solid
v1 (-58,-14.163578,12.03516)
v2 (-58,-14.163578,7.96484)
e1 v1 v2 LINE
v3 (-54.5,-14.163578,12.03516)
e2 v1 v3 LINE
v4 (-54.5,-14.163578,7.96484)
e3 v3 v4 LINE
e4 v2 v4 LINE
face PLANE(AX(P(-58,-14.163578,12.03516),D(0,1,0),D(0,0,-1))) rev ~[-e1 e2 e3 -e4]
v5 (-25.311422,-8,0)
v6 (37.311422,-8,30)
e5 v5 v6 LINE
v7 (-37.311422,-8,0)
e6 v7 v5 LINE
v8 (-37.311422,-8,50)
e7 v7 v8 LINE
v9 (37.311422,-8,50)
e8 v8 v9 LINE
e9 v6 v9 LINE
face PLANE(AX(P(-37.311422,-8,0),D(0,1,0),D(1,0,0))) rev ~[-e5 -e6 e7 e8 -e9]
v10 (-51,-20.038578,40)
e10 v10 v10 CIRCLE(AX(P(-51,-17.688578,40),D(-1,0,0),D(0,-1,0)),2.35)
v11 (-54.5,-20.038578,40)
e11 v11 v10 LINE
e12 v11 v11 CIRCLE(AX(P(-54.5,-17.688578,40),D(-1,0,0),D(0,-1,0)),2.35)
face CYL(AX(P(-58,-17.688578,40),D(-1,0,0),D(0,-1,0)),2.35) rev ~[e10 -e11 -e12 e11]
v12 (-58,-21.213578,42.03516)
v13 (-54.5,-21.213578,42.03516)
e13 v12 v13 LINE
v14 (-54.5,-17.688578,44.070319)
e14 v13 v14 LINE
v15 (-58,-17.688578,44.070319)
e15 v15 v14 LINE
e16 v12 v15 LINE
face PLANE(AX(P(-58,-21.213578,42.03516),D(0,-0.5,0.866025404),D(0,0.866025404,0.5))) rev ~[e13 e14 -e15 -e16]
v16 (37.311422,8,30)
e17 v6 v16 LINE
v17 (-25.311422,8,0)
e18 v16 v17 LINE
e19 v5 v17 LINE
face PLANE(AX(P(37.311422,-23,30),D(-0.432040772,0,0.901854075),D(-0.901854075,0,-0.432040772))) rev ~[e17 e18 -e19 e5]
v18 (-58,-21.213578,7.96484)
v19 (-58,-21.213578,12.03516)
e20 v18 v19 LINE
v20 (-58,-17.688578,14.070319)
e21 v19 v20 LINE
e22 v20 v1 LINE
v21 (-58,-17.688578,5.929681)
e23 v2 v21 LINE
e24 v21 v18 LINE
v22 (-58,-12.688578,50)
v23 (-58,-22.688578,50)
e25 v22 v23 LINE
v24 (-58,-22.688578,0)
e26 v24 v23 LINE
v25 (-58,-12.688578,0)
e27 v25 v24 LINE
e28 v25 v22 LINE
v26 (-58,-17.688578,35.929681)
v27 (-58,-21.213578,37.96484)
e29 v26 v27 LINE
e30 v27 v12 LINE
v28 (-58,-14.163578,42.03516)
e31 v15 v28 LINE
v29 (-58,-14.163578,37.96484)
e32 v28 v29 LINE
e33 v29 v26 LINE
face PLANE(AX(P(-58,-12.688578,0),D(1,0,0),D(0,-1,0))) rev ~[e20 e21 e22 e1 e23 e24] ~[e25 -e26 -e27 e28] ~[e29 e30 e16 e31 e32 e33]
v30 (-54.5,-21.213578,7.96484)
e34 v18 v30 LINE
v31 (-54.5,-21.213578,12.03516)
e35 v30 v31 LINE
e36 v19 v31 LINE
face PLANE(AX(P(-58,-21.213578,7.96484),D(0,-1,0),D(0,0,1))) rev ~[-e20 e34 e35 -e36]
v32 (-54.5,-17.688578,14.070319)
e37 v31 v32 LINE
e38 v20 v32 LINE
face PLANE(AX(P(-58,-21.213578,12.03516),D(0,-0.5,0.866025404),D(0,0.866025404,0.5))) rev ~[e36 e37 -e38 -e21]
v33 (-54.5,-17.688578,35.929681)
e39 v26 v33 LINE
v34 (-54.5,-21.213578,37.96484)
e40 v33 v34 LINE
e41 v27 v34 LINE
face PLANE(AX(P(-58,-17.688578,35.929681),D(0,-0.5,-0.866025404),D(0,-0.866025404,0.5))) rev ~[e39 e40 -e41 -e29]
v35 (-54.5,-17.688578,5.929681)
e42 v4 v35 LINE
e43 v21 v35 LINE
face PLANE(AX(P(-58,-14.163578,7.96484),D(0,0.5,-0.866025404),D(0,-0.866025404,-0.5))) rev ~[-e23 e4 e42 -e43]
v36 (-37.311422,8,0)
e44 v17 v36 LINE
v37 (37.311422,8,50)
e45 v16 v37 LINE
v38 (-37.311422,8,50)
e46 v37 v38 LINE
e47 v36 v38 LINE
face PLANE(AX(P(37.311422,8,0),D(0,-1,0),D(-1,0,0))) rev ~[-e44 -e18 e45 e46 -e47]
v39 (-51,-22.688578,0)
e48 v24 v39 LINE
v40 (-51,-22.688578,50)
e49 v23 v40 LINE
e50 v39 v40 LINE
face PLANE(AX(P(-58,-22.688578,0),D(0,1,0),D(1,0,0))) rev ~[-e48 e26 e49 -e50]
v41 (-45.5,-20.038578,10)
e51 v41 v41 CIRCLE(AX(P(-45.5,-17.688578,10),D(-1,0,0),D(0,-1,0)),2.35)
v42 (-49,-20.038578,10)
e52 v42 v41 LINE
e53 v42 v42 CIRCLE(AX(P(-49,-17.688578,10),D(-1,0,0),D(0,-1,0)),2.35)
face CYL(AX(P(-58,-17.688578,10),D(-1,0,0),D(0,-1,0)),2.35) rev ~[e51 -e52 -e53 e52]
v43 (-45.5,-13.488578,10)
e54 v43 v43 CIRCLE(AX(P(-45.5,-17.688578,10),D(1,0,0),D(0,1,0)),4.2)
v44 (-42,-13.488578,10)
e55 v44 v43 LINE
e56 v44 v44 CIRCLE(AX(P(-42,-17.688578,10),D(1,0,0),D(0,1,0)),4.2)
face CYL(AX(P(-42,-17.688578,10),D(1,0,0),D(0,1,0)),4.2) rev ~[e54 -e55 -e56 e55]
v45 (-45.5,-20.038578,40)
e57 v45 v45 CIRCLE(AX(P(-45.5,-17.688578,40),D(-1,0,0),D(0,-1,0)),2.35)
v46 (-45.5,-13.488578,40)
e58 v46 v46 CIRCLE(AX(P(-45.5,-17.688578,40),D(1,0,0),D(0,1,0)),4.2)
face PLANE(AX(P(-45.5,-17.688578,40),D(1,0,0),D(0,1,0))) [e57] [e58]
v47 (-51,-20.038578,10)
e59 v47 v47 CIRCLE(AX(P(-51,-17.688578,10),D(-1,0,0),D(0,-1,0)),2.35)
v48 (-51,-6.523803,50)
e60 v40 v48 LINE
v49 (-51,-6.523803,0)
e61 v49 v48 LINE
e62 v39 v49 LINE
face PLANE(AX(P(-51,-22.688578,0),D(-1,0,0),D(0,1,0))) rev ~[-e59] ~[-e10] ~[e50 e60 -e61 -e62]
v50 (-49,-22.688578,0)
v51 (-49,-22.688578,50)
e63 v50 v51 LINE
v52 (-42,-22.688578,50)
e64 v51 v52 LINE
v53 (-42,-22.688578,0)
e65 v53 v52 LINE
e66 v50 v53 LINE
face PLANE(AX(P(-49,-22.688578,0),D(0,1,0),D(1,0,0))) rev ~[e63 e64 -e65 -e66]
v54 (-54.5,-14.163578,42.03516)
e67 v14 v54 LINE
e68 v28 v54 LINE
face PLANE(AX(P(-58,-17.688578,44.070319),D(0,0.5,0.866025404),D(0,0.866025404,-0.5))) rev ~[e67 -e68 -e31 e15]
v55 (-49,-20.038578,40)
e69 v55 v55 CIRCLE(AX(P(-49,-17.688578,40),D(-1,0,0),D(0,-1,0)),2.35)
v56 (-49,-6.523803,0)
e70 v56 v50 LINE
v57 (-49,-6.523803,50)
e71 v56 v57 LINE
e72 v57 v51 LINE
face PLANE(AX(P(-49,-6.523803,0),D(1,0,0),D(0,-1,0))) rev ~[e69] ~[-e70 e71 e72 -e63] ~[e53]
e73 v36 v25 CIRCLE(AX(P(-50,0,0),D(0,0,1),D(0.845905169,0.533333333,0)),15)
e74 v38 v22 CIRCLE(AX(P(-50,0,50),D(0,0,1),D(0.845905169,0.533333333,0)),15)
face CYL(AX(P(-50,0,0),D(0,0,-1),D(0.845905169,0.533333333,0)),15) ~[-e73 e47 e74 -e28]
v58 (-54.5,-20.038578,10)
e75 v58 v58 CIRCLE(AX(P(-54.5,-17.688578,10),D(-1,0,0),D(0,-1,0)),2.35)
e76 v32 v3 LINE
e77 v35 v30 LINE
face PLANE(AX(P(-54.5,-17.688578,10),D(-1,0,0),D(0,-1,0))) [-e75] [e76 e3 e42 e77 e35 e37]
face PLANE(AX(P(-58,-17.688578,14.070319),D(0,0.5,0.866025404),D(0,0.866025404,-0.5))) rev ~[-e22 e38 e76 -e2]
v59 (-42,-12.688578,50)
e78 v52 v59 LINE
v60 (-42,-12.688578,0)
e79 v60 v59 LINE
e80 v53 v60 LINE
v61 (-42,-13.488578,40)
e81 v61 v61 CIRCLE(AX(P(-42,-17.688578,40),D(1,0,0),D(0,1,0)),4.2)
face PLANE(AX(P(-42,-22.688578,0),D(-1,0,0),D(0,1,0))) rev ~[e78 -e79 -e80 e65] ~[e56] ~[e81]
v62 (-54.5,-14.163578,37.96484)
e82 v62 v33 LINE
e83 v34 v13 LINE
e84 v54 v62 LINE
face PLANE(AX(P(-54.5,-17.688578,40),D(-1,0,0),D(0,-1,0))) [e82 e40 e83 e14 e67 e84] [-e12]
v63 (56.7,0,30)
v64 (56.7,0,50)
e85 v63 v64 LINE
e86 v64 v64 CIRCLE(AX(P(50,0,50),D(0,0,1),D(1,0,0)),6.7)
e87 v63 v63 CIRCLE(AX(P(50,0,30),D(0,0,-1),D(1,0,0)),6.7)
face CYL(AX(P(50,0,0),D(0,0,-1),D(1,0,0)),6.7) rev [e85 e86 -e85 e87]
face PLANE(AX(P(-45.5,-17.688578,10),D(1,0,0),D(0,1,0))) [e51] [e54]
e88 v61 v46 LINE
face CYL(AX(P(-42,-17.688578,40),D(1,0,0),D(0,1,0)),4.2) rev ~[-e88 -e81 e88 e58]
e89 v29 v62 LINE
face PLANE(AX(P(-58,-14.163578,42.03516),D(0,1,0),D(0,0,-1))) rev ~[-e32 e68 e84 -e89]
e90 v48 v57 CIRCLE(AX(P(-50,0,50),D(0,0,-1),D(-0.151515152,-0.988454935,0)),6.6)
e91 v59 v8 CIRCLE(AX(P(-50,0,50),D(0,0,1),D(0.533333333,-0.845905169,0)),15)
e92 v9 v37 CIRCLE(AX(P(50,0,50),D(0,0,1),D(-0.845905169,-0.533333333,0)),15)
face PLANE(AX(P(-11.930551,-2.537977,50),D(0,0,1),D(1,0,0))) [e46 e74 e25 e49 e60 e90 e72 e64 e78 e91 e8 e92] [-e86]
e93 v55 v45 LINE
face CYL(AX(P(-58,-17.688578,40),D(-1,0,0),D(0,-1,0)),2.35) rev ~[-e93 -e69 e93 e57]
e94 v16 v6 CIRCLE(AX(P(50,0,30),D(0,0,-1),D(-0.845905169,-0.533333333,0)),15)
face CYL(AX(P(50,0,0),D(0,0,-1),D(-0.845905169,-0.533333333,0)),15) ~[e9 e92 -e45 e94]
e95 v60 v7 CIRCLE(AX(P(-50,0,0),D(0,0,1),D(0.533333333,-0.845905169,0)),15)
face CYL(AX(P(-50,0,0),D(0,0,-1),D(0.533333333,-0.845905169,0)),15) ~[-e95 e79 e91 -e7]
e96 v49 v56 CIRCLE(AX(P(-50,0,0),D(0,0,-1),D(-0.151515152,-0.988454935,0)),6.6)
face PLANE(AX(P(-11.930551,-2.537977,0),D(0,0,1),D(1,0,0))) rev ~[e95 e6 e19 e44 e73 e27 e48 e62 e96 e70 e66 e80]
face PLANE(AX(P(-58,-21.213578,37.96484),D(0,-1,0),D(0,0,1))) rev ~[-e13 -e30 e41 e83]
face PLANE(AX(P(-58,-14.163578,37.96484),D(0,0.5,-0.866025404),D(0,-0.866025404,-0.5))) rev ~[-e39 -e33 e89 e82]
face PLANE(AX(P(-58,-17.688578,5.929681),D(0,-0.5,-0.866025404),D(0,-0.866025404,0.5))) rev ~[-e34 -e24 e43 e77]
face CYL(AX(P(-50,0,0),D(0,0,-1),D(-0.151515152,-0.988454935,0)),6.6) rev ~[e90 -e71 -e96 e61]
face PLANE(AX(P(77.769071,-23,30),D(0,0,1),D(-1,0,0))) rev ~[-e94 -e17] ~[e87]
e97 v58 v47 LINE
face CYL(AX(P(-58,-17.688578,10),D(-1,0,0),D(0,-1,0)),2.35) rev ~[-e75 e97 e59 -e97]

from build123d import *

# Parameters (mm, degrees)
F0_R      = 6.7
F1_DEPTH  = 50
F4_DEPTH  = 38.001
F5_R      = 2.35
F6_DEPTH  = 20
F8_DEPTH  = 3.5
F9_R      = 4.2
F10_DEPTH = 3.5


with BuildPart() as f1:
    # F0 (on Top) → F1 (new body)
    with BuildSketch(Plane.XY):
        with BuildLine():
            Line((-42, -22.6885775404), (-42, -12.6885775404))
            ThreePointArc((-42, -12.6885775404), (-39.3933982822, -10.6066017178), (-37.3114224596, -8))
            Line((-37.3114224596, -8), (37.3114224596, -8))
            ThreePointArc((37.3114224596, -8), (65, 0), (37.3114224596, 8))
            Line((37.3114224596, 8), (-37.3114224596, 8))
            ThreePointArc((-37.3114224596, 8), (-60.6066017178, 10.6066017178), (-58, -12.6885775404))
            Line((-58, -12.6885775404), (-58, -22.6885775404))
            Line((-58, -22.6885775404), (-51, -22.6885775404))
            Line((-51, -22.6885775404), (-51, -6.5238025721))
            ThreePointArc((-51, -6.5238025721), (-50, 6.6), (-49, -6.5238025721))
            Line((-49, -6.5238025721), (-49, -22.6885775404))
            Line((-49, -22.6885775404), (-42, -22.6885775404))
        make_face()
        with Locations((50, 0)):
            Circle(F0_R, mode=Mode.SUBTRACT)
    extrude(amount=F1_DEPTH)

    # F3 (on offset) → F4 (cut, through all)
    with BuildSketch(Plane.XZ.offset(23)):
        Polygon((37.3114224596, 30), (-25.3114224596, 0), (77.7690705738, 0), (77.7690705738, 30), align=None)
    extrude(amount=-F4_DEPTH, mode=Mode.SUBTRACT)

    # F5 (on face) → F6 (cut)
    with BuildSketch(Plane(origin=(-58, 0, 0), x_dir=(0, -1, 0), z_dir=(-1, 0, 0))):
        with Locations((17.6885775404, 40)):
            Circle(F5_R)
        with Locations((17.6885775404, 10)):
            Circle(F5_R)
    extrude(amount=-F6_DEPTH, mode=Mode.SUBTRACT)

    # F7 (on face) → F8 (cut)
    with BuildSketch(Plane(origin=(-58, 0, 0), x_dir=(0, -1, 0), z_dir=(-1, 0, 0))):
        Polygon((17.6885775404, 35.9296806022), (21.2135775404, 37.9648403011), (21.2135775404, 42.0351596989), (17.6885775404, 44.0703193978), (14.1635775404, 42.0351596989), (14.1635775404, 37.9648403011), align=None)
        Polygon((17.6885775404, 5.9296806022), (21.2135775404, 7.9648403011), (21.2135775404, 12.0351596989), (17.6885775404, 14.0703193978), (14.1635775404, 12.0351596989), (14.1635775404, 7.9648403011), align=None)
    extrude(amount=-F8_DEPTH, mode=Mode.SUBTRACT)

    # F9 (on face) → F10 (cut)
    with BuildSketch(Plane.YZ.offset(-42)):
        with Locations((-17.6885775404, 40)):
            Circle(F9_R)
        with Locations((-17.6885775404, 10)):
            Circle(F9_R)
    extrude(amount=-F10_DEPTH, mode=Mode.SUBTRACT)


solid = f1.part
